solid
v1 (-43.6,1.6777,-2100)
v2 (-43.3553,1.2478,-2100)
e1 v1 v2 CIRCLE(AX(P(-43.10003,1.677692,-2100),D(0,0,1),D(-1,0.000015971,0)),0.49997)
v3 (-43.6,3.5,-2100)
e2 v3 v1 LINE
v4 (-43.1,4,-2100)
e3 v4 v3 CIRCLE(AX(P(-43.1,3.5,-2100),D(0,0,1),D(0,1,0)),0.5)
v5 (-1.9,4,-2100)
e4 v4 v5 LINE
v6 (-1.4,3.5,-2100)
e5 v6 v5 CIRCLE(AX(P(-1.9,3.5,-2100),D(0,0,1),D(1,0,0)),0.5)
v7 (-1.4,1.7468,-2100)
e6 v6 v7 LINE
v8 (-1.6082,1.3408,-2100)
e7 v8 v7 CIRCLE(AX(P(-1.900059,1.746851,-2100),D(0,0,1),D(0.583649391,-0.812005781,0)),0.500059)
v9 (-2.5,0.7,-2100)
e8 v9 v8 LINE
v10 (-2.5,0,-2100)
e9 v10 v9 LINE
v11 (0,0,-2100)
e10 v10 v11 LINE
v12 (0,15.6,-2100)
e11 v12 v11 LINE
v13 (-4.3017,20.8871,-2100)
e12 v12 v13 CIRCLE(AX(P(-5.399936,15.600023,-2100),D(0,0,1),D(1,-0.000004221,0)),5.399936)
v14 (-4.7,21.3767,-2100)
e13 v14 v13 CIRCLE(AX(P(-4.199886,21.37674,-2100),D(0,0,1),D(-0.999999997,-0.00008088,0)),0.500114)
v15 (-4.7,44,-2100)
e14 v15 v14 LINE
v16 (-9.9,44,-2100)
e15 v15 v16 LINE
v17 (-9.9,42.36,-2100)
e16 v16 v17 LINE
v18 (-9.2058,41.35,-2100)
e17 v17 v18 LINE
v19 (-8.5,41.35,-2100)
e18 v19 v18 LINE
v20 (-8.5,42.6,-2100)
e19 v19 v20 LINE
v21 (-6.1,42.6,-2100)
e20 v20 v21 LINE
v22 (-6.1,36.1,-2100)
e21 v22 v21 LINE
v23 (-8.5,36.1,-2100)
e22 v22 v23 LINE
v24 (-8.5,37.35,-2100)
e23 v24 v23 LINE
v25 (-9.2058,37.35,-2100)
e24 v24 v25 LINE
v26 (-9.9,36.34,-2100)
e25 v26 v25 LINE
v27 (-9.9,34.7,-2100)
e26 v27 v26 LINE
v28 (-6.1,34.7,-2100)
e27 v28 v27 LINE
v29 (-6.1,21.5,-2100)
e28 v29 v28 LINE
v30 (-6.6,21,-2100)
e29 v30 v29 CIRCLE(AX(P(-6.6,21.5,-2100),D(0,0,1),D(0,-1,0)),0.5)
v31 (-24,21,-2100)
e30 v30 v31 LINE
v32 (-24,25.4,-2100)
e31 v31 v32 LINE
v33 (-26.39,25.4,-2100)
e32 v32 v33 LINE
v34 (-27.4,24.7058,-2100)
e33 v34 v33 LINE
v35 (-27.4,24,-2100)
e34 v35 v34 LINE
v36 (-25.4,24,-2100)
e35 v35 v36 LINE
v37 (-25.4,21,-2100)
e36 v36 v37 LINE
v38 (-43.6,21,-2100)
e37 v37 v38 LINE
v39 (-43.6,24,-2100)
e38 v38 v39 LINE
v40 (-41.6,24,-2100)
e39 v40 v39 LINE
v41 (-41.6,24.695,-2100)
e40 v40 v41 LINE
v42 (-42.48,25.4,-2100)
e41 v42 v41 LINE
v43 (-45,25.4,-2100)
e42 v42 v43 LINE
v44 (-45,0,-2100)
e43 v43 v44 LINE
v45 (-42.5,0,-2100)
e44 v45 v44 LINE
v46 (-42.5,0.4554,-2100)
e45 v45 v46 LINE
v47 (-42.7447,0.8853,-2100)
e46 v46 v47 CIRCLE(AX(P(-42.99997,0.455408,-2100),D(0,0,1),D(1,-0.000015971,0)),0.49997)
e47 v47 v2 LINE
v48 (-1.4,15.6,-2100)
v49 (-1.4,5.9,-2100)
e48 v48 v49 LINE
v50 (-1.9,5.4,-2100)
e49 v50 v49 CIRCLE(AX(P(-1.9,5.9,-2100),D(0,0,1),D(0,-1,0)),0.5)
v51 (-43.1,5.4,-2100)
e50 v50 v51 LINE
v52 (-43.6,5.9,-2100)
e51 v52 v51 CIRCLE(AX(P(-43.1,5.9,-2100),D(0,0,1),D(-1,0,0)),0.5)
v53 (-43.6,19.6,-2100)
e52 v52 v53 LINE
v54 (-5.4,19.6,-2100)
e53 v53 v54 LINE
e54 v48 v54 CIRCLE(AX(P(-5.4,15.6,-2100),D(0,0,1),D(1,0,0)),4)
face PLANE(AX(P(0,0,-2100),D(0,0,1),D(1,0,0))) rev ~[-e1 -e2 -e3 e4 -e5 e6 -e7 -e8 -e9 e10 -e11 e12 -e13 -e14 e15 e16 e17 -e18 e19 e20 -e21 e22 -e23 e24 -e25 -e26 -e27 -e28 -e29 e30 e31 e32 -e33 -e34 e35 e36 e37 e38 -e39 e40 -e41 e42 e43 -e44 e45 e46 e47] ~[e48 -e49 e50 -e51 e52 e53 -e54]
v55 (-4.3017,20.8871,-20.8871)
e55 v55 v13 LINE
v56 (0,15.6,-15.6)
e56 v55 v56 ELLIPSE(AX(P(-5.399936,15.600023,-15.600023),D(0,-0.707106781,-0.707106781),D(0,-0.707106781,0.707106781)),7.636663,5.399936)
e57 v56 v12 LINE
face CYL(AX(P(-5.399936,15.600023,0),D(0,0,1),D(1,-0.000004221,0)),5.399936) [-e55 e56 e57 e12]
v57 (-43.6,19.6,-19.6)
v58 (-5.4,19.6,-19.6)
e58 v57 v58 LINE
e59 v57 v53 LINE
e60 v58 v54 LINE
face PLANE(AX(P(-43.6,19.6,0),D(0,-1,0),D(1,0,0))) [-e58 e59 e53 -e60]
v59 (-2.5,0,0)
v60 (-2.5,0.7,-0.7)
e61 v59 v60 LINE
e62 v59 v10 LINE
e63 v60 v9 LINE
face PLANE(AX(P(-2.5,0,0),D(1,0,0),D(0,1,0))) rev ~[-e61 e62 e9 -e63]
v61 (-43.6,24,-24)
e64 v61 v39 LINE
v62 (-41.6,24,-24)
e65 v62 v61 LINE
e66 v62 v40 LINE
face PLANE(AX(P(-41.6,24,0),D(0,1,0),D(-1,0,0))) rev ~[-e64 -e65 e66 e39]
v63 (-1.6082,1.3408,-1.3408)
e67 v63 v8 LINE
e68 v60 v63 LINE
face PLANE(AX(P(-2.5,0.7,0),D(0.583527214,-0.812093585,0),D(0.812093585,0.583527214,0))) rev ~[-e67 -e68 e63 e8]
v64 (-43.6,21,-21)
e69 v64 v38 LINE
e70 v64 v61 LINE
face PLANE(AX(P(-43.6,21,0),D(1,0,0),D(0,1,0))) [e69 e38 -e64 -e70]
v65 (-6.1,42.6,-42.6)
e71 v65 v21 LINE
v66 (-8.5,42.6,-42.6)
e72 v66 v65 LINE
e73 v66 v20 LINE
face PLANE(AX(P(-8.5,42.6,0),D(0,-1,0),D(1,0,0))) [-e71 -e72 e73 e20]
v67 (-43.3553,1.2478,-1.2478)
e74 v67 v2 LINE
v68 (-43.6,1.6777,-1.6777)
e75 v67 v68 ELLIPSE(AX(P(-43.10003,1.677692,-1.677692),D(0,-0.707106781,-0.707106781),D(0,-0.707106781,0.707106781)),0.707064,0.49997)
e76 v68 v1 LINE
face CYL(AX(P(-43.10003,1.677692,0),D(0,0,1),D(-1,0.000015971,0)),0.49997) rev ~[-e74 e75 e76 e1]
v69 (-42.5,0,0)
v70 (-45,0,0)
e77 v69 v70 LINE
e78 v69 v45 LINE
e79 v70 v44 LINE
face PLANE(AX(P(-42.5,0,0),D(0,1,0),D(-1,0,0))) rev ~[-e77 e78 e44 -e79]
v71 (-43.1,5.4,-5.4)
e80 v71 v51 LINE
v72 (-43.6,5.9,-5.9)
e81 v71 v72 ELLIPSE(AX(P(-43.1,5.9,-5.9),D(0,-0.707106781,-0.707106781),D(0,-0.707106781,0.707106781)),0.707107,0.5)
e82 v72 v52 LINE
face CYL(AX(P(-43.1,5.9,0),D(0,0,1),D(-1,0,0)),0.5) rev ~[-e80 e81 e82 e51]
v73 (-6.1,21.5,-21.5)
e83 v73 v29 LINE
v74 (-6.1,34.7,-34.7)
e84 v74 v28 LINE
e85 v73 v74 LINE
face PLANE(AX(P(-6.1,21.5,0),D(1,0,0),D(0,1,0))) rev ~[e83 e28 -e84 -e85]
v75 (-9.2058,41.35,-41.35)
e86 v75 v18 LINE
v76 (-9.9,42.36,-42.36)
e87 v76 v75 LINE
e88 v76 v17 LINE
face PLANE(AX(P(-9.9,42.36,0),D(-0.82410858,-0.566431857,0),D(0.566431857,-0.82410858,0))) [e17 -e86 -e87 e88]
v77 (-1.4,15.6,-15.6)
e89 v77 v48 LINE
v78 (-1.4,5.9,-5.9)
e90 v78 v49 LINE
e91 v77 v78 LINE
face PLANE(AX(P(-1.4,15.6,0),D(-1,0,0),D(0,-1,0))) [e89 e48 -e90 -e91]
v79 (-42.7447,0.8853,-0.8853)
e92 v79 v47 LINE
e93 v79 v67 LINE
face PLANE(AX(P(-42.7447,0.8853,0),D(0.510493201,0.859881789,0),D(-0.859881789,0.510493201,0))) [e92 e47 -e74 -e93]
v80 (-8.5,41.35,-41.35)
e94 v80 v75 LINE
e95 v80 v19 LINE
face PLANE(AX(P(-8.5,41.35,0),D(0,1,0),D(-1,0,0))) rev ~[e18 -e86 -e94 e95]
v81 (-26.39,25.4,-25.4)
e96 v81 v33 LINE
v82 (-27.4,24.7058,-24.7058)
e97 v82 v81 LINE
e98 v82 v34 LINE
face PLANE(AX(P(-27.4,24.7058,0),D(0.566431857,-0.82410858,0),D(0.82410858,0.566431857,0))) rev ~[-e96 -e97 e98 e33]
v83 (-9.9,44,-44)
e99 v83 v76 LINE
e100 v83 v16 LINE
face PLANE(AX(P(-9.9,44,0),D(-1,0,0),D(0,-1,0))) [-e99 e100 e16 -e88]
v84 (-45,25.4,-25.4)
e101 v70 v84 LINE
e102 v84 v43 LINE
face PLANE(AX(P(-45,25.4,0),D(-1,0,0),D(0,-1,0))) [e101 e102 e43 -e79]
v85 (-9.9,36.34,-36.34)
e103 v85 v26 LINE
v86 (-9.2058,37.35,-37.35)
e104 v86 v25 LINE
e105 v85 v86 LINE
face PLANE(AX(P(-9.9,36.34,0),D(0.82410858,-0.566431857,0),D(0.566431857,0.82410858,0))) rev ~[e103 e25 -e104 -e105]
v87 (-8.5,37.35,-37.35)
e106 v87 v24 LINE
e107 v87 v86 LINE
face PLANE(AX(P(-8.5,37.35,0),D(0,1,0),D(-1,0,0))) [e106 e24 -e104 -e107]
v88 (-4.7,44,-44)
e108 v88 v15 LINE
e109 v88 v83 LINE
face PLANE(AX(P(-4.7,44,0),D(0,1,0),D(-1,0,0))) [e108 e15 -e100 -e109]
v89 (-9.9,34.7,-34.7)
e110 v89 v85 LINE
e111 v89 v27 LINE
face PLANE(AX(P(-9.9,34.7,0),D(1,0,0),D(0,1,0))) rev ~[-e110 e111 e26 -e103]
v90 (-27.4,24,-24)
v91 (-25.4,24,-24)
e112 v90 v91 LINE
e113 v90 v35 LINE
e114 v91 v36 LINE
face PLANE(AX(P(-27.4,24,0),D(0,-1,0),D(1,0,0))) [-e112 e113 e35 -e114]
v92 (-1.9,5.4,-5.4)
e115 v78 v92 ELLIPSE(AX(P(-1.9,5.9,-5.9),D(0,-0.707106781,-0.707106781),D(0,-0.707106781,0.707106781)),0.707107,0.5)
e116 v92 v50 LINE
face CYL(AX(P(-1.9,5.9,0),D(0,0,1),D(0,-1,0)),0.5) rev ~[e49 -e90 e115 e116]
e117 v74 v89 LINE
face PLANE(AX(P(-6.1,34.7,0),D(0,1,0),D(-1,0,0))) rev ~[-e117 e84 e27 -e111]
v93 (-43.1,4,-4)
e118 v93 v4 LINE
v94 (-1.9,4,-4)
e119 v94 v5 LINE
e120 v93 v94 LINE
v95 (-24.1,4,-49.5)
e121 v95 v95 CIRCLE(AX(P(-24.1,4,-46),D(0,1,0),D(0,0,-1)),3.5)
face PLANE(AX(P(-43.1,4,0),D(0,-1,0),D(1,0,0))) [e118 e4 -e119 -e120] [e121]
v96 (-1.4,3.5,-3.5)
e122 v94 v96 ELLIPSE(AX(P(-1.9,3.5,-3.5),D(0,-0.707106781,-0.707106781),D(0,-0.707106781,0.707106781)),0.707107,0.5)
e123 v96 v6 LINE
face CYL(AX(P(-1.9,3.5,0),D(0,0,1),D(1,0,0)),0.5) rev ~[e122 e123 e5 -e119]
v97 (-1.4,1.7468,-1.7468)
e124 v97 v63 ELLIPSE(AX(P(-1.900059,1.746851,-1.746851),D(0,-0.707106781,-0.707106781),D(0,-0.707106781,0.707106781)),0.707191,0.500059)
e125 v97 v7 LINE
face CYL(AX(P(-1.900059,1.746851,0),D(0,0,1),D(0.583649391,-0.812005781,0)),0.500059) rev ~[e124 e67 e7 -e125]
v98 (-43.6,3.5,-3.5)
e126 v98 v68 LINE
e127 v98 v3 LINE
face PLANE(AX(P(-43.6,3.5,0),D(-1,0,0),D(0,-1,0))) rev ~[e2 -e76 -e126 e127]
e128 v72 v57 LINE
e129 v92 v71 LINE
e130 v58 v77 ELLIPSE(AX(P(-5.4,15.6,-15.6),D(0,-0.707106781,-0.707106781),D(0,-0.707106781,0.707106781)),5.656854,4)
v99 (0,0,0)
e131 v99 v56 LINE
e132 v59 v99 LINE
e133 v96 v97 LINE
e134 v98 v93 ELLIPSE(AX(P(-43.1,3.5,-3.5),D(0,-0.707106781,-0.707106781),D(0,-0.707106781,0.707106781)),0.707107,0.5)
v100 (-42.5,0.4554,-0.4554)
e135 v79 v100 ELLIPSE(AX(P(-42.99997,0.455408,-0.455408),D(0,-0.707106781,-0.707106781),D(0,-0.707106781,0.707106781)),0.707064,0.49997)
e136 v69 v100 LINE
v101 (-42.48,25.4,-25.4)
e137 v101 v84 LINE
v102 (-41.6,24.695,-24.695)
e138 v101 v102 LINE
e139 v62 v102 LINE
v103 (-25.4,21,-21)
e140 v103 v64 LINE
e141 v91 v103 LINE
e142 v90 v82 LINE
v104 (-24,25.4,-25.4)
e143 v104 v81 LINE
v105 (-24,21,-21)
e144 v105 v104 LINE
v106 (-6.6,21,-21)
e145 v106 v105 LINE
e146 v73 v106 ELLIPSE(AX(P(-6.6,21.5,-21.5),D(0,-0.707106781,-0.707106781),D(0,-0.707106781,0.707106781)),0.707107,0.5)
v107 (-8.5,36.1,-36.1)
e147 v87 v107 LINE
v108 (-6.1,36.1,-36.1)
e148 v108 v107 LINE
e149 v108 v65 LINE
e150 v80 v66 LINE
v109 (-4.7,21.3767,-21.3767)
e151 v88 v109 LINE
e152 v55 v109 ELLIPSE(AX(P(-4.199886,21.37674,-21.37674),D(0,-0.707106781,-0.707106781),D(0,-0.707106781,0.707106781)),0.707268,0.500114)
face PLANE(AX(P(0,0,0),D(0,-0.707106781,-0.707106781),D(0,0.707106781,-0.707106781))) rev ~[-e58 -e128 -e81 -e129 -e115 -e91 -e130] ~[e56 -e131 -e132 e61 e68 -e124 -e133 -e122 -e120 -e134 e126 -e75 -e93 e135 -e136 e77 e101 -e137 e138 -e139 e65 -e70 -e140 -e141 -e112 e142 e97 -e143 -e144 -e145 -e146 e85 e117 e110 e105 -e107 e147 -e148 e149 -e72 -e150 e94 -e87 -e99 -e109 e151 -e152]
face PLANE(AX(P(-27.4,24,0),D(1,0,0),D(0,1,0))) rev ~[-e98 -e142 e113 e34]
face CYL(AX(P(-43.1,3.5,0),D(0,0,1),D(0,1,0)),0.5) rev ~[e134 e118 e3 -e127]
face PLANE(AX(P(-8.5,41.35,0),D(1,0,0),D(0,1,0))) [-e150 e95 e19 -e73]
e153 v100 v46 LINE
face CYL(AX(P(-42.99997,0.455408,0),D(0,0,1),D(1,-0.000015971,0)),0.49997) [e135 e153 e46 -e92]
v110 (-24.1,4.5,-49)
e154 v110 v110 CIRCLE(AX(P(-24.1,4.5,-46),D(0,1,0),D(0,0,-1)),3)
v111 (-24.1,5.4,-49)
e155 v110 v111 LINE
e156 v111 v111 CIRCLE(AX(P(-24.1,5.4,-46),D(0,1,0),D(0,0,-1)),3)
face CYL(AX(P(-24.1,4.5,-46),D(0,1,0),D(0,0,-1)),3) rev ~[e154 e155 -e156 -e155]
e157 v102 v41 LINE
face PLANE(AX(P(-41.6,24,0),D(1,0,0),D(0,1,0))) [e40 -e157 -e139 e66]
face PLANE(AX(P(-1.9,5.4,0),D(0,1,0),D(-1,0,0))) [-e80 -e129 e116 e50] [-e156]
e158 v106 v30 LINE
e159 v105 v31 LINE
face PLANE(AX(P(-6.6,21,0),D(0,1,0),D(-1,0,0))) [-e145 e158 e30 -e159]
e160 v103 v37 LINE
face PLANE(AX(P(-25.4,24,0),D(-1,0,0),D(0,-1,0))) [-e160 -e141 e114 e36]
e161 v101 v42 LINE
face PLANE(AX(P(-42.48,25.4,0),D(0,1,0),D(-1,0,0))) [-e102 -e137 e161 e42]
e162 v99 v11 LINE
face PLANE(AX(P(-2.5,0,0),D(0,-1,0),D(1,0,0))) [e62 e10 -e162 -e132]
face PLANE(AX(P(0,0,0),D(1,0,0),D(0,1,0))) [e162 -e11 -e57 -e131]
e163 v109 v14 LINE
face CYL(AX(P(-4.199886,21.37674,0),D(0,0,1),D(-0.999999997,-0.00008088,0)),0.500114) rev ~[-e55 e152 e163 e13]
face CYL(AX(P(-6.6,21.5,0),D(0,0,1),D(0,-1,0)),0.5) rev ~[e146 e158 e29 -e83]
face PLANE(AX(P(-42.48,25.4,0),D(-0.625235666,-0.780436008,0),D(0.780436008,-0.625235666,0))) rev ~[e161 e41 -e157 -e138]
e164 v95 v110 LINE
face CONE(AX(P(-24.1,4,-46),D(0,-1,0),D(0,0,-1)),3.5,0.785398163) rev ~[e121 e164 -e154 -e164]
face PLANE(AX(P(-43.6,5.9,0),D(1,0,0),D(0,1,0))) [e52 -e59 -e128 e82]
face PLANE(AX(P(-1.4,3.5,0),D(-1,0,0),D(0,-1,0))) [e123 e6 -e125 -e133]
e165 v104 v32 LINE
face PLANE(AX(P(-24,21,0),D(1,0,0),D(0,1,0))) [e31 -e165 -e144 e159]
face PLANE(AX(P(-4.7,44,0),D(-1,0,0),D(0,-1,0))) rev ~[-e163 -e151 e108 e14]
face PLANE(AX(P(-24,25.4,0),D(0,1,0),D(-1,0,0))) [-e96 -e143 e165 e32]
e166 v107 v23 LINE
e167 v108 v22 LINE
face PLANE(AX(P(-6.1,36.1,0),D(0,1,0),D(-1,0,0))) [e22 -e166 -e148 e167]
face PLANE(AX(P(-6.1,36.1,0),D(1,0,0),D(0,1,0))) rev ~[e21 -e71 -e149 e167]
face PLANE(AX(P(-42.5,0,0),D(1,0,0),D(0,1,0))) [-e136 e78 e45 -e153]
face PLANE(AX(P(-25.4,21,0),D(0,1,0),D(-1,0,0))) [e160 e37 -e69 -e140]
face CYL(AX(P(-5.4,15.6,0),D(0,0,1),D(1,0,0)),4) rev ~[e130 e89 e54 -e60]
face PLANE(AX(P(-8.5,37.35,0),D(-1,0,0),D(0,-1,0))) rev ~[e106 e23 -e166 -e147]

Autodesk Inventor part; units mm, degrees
ref_plane "YZ Plane" through (0, 0, 0) normal (1, 0, 0) x (0, 1, 0)
ref_plane "XZ Plane" through (0, 0, 0) normal (0, 1, 0) x (-1, 0, 0)
ref_plane "XY Plane" through (0, 0, 0) normal (0, 0, 1) x (1, 0, 0)
sketch "Boceto1" plane through (0, 0, 0) normal (0, 0, 1) x (1, 0, 0)
  line L0 (-45, 21.0335) -> (-45, 0)
  line L1 (-43.1, 4) -> (-1.9, 4)
  line L2 (0, 0) -> (0, 15.6)
  line L3 (-4.7, 44) -> (-4.7, 21.3767)
  line L4 (-4.7, 44) -> (-9.9, 44)
  line L5 (-8.5, 42.6) -> (-6.1, 42.6)
  line L6 (-6.1, 36.1) -> (-8.5, 36.1)
  line L7 (-43.6, 19.6) -> (-5.4, 19.6)
  line L8 (-1.4, 15.6) -> (-1.4, 5.9)
  line L9 (-1.9, 5.4) -> (-43.1, 5.4)
  line L10 (-43.6, 5.9) -> (-43.6, 19.6)
  arc A0 (0, 15.6) -> (-4.3017, 20.8871) centre (-5.4, 15.6) ccw
  arc A1 (-1.4, 15.6) -> (-5.4, 19.6) centre (-5.4, 15.6) ccw
  line L11 (-1.4, 3.5) -> (-1.4, 1.7468)
  line L12 (-2.5, 0) -> (0, 0)
  line L13 (-6.1, 21.5) -> (-6.1, 34.7)
  line L14 (-6.1, 36.1) -> (-6.1, 42.6)
  line L15 (-43.6, 3.5) -> (-43.6, 1.6777)
  line L16 (-42.5, 0) -> (-45, 0)
  line L17 (-42.5, 0) -> (-42.5, 0.4554)
  line L18 (-2.5, 0) -> (-2.5, 0.7)
  line L19 (-43.6, 21) -> (-43.6, 24)
  line L20 (-42.48, 25.4) -> (-45, 25.4)
  line L21 (-45, 25.4) -> (-45, 21.0335)
  line L22 (-24, 21) -> (-24, 25.4)
  line L23 (-24, 25.4) -> (-26.39, 25.4)
  line L24 (-25.4, 24) -> (-25.4, 21)
  line L25 (-6.6, 21) -> (-24, 21)
  line L26 (-25.4, 21) -> (-43.6, 21)
  line L27 (-41.6, 24) -> (-43.6, 24)
  line L28 (-27.4, 24) -> (-25.4, 24)
  line L29 (-42.7447, 0.8853) -> (-43.3553, 1.2478)
  line L30 (-2.5, 0.7) -> (-1.6082, 1.3408)
  line L31 (-41.6, 24) -> (-41.6, 24.695)
  line L32 (-27.4, 24) -> (-27.4, 24.7058)
  line L33 (-42.48, 25.4) -> (-41.6, 24.695)
  line L34 (-27.4, 24.7058) -> (-26.39, 25.4)
  line L35 (-6.1, 34.7) -> (-9.9, 34.7)
  line L36 (-8.5, 37.35) -> (-8.5, 36.1)
  line L37 (-8.5, 41.35) -> (-8.5, 42.6)
  line L38 (-8.5, 37.35) -> (-9.2058, 37.35)
  line L39 (-8.5, 41.35) -> (-9.2058, 41.35)
  line L40 (-9.9, 44) -> (-9.9, 42.36)
  line L41 (-9.9, 42.36) -> (-9.2058, 41.35)
  line L42 (-9.9, 34.7) -> (-9.9, 36.34)
  line L43 (-9.9, 36.34) -> (-9.2058, 37.35)
  arc A2 (-6.6, 21) -> (-6.1, 21.5) centre (-6.6, 21.5) ccw
  arc A3 (-4.7, 21.3767) -> (-4.3017, 20.8871) centre (-4.2, 21.3767) ccw
  arc A4 (-1.9, 5.4) -> (-1.4, 5.9) centre (-1.9, 5.9) ccw
  arc A5 (-1.4, 3.5) -> (-1.9, 4) centre (-1.9, 3.5) ccw
  arc A6 (-1.6082, 1.3408) -> (-1.4, 1.7468) centre (-1.9, 1.7468) ccw
  arc A7 (-43.6, 5.9) -> (-43.1, 5.4) centre (-43.1, 5.9) ccw
  arc A8 (-43.1, 4) -> (-43.6, 3.5) centre (-43.1, 3.5) ccw
  arc A9 (-43.6, 1.6777) -> (-43.3553, 1.2478) centre (-43.1, 1.6777) ccw
  line L44 (0, 4) -> (0, 4.0335)
  arc A10 (-42.5, 0.4554) -> (-42.7447, 0.8853) centre (-43, 0.4554) ccw
  point P0 (-8.5, 41.975)
  point P1 (-42.5, 4)
  point P2 (-6.1, 39.35)
  point P3 (-42.5, 0.74)
  dimension "d16" = 5.4
  dimension "d17" = 4
  dimension "d32" = 1.4
  dimension "d35" = 1.4
  dimension "d37" = 3
  dimension "d38" = 25.4
  dimension "d44" = 18.2
  dimension "d50" = 0.7
  dimension "d53" = 40.3
  dimension "d54" = 37.5
  dimension "d55" = 1.4
  dimension "d57" = 17
  dimension "d62" = 30.7
  dimension "d63" = 35.7
  dimension "d64" = 4.4
  dimension "d66" = 3
  dimension "d69" = 4.4
  dimension "d71" = 3.4
  dimension "d72" = 3.4
  dimension "d73" = 0.88
  dimension "d74" = 1.01
  dimension "d75" = 34.5
  dimension "d76" = 38.7
  dimension "d77" = 0.695
  dimension "d78" = 0.7058
  dimension "d81" = 23
  dimension "d82" = 44
  dimension "d84" = 6.5
  dimension "d85" = 2.4
  dimension "d86" = 2.4
  dimension "d87" = 9.3
  dimension "d88" = 1.4
  dimension "d99" = 1.4
  dimension "d100" = 1.4
  dimension "d102" = 1.4
  dimension "d140" = 111
  dimension "d141" = 4
  dimension "d142" = 6.02
  dimension "d143" = 0.7058
  dimension "d144" = 0.7058
  dimension "d199" = 1.4
  dimension "d201" = 14.2
  dimension "d202" = 0.5
  dimension "d203" = 3.01
  dimension "d204" = 2
  dimension "d205" = 2.5
  dimension "d206" = 4.7
  dimension "d207" = 6.1
  dimension "d208" = 42.5
  dimension "d209" = 41.35
  dimension "d210" = 5.4
  dimension "d211" = 4
  dimension "d216" = 4.0335
  dimension "d218" = 0.74
  dimension "d219" = 0.5
  dimension "d220" = 45
  dimension "d221" = 5.2
  dimension "d225" = 1.4
extrude "Extrusión1" add sketch "Boceto1" against normal blind 2100
sketch "Boceto2" plane through (0, 0, 0) normal (1, 0, 0) x (0, 1, 0)
  line L0 (0, 0) -> (15.6, 0) projected
  line L1 (0, 0) -> (0, -2100) projected
  line L2 (15.6, -2100) -> (0, -2100) projected
  line L3 (15.6, 0) -> (15.6, -2100) projected
  line L4 (15.6, 0) -> (20.8871, 0) projected
  line L5 (15.6, 0) -> (15.6, -2100) projected
  line L6 (20.8871, -2100) -> (15.6, -2100) projected
  line L7 (20.8871, 0) -> (20.8871, -2100) projected
  line L8 (20.8871, 0) -> (21.3767, 0) projected
  line L9 (20.8871, 0) -> (20.8871, -2100) projected
  line L10 (21.3767, -2100) -> (20.8871, -2100) projected
  line L11 (21.3767, 0) -> (21.3767, -2100) projected
  line L12 (21.3767, 0) -> (44, 0) projected
  line L13 (21.3767, 0) -> (21.3767, -2100) projected
  line L14 (44, -2100) -> (21.3767, -2100) projected
  line L15 (44, 0) -> (44, -2100) projected
  line L16 (0, 0) -> (44, -44)
  line L17 (44, 0) -> (44, -44)
  line L18 (0, 0) -> (44, 0)
  dimension "d222" = 45
extrude "Extrusión2" cut sketch "Boceto2" against normal through all contours L0 L3 L16 | L4 L7 L16 L3 | L8 L11 L16 L7 | L12 L15 L16 L11
sketch "Boceto3" plane through (-43.1, 4, -2100) normal (0, -1, 0) x (1, 0, 0)
  circle A0 centre (19, 2054) radius 3
  line L0 (41.2, 2096) -> (0, 2096) projected
  line L1 (40.6, 2100) -> (40.6, 0) projected
  line L2 (0.6, 2100) -> (0.6, 0) projected
  point P0 (43.1, 2100)
  dimension "d227" = 6
  dimension "d228" = 42
  dimension "d229" = 21.6
  dimension "d230" = 18.4
hole "Agujero1" at (-24.1, 4, -46) direction (0, 1, 0) diameter 6 depth 1.4 countersink diameter 7 countersink angle 90
thread "Rosca1" size "M6x1" class "6H" standard "ISO Metric profile" full length
properties part number "SP40-01 MARCO BATIENTE - PAÑO FIJO 2100MM" material "Aluminio"
